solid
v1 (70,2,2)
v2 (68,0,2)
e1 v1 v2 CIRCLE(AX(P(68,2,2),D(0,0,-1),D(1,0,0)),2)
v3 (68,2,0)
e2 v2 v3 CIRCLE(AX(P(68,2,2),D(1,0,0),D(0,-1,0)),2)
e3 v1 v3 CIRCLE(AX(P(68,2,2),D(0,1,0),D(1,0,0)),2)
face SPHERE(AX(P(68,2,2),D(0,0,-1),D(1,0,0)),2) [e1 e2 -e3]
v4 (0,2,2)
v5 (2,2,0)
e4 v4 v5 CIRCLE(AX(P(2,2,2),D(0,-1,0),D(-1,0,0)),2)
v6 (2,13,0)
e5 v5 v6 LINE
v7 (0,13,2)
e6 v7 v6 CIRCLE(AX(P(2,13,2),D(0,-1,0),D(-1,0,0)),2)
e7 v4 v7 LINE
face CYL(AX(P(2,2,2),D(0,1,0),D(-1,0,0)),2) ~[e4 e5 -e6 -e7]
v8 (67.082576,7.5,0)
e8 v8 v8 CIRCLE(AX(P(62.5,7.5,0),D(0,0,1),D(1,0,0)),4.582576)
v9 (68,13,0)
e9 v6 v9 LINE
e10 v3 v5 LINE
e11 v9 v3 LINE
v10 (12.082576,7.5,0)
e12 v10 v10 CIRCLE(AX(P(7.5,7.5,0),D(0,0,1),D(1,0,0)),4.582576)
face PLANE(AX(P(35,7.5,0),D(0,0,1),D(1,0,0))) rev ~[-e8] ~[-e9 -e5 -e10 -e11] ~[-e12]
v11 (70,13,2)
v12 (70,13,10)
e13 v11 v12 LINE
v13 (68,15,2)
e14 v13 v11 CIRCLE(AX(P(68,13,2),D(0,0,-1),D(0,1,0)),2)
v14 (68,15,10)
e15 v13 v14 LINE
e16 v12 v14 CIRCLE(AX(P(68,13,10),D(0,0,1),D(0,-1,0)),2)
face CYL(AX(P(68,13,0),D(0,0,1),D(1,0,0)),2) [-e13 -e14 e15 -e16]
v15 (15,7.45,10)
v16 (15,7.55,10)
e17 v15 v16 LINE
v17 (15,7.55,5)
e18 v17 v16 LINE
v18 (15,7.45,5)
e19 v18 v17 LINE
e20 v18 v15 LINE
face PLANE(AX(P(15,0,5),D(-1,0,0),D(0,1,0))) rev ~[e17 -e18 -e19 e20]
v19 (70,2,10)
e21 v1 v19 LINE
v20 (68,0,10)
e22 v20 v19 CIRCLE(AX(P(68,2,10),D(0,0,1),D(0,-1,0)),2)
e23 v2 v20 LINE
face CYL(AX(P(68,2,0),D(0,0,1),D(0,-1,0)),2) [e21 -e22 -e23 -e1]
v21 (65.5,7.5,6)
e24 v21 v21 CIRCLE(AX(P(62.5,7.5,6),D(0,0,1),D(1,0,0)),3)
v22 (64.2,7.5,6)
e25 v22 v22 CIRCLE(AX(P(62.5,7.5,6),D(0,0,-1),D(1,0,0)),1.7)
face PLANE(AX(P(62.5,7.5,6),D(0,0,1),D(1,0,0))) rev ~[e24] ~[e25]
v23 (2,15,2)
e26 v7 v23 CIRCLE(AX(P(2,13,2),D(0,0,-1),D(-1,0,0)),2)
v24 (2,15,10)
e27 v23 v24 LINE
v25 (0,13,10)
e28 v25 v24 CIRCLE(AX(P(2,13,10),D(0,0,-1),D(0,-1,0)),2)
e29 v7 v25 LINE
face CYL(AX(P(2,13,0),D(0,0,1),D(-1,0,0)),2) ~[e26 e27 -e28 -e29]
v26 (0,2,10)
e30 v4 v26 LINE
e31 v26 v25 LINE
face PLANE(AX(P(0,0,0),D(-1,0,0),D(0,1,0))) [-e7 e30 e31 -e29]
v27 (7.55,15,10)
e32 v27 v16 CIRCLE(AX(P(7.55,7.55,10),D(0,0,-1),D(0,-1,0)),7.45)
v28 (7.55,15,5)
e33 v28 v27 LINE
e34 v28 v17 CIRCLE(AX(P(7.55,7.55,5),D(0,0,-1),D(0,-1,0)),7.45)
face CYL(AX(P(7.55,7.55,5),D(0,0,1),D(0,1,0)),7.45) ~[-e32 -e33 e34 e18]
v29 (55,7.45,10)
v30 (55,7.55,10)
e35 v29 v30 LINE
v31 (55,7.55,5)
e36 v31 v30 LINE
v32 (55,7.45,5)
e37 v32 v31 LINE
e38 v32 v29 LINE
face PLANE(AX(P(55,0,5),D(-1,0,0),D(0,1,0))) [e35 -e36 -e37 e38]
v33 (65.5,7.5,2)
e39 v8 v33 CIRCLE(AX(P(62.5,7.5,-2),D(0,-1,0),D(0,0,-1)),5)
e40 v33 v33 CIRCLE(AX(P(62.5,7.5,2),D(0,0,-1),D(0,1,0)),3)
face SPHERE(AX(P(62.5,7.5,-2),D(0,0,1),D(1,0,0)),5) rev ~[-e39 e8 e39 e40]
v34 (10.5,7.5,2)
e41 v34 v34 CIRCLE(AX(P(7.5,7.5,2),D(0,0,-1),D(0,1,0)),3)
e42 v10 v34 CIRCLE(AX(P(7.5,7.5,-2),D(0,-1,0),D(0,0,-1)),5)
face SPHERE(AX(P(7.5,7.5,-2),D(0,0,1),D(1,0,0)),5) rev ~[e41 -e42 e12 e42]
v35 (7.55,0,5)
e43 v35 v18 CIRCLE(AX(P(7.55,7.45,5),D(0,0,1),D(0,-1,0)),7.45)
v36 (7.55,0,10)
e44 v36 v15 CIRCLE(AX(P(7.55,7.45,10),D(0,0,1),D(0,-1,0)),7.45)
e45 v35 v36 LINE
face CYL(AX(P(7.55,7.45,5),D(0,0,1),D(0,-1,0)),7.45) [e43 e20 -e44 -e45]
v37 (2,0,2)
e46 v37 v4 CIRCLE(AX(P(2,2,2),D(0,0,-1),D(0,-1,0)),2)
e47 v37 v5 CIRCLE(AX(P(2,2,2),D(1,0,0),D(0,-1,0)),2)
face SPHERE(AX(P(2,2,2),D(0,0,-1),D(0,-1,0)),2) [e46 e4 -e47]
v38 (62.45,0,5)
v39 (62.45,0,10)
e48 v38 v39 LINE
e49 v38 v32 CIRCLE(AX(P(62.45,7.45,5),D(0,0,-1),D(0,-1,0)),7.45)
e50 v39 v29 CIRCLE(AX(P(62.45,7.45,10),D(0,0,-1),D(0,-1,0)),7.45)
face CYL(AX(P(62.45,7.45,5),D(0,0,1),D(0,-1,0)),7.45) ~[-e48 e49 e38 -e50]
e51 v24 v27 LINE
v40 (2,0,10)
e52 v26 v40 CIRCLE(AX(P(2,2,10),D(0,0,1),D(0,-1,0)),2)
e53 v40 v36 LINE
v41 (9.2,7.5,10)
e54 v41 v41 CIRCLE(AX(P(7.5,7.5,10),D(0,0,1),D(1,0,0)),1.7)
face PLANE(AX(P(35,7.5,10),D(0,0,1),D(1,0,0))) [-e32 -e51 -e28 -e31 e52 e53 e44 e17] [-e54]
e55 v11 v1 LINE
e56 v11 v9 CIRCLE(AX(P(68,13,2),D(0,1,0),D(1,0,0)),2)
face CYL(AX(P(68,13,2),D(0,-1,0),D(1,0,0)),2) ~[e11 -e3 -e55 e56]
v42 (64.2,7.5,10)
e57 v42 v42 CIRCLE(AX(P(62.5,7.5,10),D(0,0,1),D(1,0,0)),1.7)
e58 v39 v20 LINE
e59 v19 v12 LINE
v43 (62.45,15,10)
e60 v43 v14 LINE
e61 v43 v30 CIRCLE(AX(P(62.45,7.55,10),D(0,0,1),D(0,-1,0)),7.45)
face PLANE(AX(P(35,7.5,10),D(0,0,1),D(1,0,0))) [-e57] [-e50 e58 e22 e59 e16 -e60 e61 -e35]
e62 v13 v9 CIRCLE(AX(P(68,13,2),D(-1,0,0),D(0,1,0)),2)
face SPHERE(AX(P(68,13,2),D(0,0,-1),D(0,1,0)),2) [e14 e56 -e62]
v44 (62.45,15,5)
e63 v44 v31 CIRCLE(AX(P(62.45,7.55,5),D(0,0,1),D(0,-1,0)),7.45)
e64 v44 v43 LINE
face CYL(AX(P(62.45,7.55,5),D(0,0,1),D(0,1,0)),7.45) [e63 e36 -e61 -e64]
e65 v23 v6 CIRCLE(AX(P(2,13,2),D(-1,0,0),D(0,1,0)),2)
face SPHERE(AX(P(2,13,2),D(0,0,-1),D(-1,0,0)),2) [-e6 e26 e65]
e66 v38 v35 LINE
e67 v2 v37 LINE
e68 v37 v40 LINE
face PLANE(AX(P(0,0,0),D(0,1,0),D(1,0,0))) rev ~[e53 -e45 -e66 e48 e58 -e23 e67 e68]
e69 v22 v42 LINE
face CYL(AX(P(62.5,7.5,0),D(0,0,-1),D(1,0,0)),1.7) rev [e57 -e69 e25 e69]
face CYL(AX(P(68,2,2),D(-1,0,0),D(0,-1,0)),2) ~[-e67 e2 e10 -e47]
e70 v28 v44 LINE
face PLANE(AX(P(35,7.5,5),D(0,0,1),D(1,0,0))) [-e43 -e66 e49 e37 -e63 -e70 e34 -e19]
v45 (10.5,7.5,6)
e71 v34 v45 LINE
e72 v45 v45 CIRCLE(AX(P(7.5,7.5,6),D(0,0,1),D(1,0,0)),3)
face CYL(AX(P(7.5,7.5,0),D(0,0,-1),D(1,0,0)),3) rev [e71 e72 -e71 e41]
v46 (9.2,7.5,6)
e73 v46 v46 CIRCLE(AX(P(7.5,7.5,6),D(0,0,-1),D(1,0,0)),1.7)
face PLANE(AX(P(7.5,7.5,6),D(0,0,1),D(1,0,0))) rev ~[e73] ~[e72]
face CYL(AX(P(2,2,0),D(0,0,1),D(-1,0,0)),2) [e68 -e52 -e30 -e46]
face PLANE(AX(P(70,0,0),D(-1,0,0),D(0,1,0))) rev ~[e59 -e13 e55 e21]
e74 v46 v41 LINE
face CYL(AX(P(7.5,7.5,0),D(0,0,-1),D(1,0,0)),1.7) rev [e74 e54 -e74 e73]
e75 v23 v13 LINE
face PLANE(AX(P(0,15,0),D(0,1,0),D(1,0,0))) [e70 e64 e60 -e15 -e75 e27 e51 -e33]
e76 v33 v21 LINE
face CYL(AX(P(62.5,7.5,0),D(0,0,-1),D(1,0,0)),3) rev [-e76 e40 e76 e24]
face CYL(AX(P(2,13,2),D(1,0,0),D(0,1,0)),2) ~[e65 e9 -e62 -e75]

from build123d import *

# Parameters (mm, degrees)
BOX001_W          = 40
BOX001_H          = 15
BOX001_DEPTH      = 5
CYLINDER003_R     = 3
CYLINDER003_DEPTH = 6
CYLINDER002_R     = 3
CYLINDER002_DEPTH = 6
CYLINDER001_R     = 1.7
CYLINDER001_DEPTH = 10
CYLINDER_R        = 1.7
CYLINDER_DEPTH    = 10
BOX_W             = 70
BOX_H             = 15
BOX_DEPTH         = 10
FILLET_R          = 2
FILLET001_R       = 2
FILLET002_R       = 7.45


with BuildPart() as cube001:
    # Box001 → Box001 (new body)
    with BuildSketch(Plane(origin=(15, 0, 5), x_dir=(1, 0, 0), z_dir=(0, 0, 1))):
        with Locations((20, 7.5)):
            Rectangle(BOX001_W, BOX001_H)
    extrude(amount=BOX001_DEPTH)


with BuildPart() as sphere001:
    # Sphere001 → Sphere001 (revolve)
    with BuildSketch(Plane(origin=(62.5, 7.5, -2), x_dir=(1, 0, 0), z_dir=(0, -1, 0))):
        with BuildLine():
            ThreePointArc((0, -5), (5, 0), (0, 5))
            Line((0, 5), (0, -5))
        make_face()
    revolve(axis=Axis((62.5, 7.5, -2), (0, 0, 1)))


with BuildPart() as sphere:
    # Sphere → Sphere (revolve)
    with BuildSketch(Plane(origin=(7.5, 7.5, -2), x_dir=(1, 0, 0), z_dir=(0, -1, 0))):
        with BuildLine():
            ThreePointArc((0, -5), (5, 0), (0, 5))
            Line((0, 5), (0, -5))
        make_face()
    revolve(axis=Axis((7.5, 7.5, -2), (0, 0, 1)))


with BuildPart() as cylinder003:
    # Cylinder003 → Cylinder003 (new body)
    with BuildSketch(Plane(origin=(62.5, 7.5, 0), x_dir=(1, 0, 0), z_dir=(0, 0, 1))):
        Circle(CYLINDER003_R)
    extrude(amount=CYLINDER003_DEPTH)


with BuildPart() as cylinder002:
    # Cylinder002 → Cylinder002 (new body)
    with BuildSketch(Plane(origin=(7.5, 7.5, 0), x_dir=(1, 0, 0), z_dir=(0, 0, 1))):
        Circle(CYLINDER002_R)
    extrude(amount=CYLINDER002_DEPTH)


with BuildPart() as cylinder001:
    # Cylinder001 → Cylinder001 (new body)
    with BuildSketch(Plane(origin=(62.5, 7.5, 0), x_dir=(1, 0, 0), z_dir=(0, 0, 1))):
        Circle(CYLINDER001_R)
    extrude(amount=CYLINDER001_DEPTH)


with BuildPart() as cylinder:
    # Cylinder → Cylinder (new body)
    with BuildSketch(Plane(origin=(7.5, 7.5, 0), x_dir=(1, 0, 0), z_dir=(0, 0, 1))):
        Circle(CYLINDER_R)
    extrude(amount=CYLINDER_DEPTH)


with BuildPart() as print2_misumi_top_mount:
    # Box → Box (new body)
    with BuildSketch(Plane.XY):
        with Locations((35, 7.5)):
            Rectangle(BOX_W, BOX_H)
    extrude(amount=BOX_DEPTH)

    # Fillet
    fillet_edges = [print2_misumi_top_mount.edges().sort_by_distance(p)[0] for p in [
        (0, 0, 5),
        (0, 15, 5),
        (70, 0, 5),
        (70, 15, 5),
    ]]
    fillet(fillet_edges, radius=FILLET_R)

    # Fillet001
    fillet001_edges = [print2_misumi_top_mount.edges().sort_by_distance(p)[0] for p in [
        (0, 7.5, 0),
        (0.585786, 0.585786, 0),
        (0.585786, 14.414214, 0),
        (35, 0, 0),
        (35, 15, 0),
        (69.414214, 0.585786, 0),
        (69.414214, 14.414214, 0),
        (70, 7.5, 0),
    ]]
    fillet(fillet001_edges, radius=FILLET001_R)

    # Cut: cut Cylinder
    add(cylinder.part, mode=Mode.SUBTRACT)

    # Cut001: cut Cylinder001
    add(cylinder001.part, mode=Mode.SUBTRACT)

    # Cut002: cut Cylinder002
    add(cylinder002.part, mode=Mode.SUBTRACT)

    # Cut003: cut Cylinder003
    add(cylinder003.part, mode=Mode.SUBTRACT)

    # Cut004: cut Sphere
    add(sphere.part, mode=Mode.SUBTRACT)

    # Cut005: cut Sphere001
    add(sphere001.part, mode=Mode.SUBTRACT)

    # Cut006: cut Cube001
    add(cube001.part, mode=Mode.SUBTRACT)

    # Fillet002
    fillet002_edges = [print2_misumi_top_mount.edges().sort_by_distance(p)[0] for p in [
        (55, 0, 7.5),
        (15, 0, 7.5),
        (55, 15, 7.5),
        (15, 15, 7.5),
    ]]
    fillet(fillet002_edges, radius=FILLET002_R)


solid = print2_misumi_top_mount.part
